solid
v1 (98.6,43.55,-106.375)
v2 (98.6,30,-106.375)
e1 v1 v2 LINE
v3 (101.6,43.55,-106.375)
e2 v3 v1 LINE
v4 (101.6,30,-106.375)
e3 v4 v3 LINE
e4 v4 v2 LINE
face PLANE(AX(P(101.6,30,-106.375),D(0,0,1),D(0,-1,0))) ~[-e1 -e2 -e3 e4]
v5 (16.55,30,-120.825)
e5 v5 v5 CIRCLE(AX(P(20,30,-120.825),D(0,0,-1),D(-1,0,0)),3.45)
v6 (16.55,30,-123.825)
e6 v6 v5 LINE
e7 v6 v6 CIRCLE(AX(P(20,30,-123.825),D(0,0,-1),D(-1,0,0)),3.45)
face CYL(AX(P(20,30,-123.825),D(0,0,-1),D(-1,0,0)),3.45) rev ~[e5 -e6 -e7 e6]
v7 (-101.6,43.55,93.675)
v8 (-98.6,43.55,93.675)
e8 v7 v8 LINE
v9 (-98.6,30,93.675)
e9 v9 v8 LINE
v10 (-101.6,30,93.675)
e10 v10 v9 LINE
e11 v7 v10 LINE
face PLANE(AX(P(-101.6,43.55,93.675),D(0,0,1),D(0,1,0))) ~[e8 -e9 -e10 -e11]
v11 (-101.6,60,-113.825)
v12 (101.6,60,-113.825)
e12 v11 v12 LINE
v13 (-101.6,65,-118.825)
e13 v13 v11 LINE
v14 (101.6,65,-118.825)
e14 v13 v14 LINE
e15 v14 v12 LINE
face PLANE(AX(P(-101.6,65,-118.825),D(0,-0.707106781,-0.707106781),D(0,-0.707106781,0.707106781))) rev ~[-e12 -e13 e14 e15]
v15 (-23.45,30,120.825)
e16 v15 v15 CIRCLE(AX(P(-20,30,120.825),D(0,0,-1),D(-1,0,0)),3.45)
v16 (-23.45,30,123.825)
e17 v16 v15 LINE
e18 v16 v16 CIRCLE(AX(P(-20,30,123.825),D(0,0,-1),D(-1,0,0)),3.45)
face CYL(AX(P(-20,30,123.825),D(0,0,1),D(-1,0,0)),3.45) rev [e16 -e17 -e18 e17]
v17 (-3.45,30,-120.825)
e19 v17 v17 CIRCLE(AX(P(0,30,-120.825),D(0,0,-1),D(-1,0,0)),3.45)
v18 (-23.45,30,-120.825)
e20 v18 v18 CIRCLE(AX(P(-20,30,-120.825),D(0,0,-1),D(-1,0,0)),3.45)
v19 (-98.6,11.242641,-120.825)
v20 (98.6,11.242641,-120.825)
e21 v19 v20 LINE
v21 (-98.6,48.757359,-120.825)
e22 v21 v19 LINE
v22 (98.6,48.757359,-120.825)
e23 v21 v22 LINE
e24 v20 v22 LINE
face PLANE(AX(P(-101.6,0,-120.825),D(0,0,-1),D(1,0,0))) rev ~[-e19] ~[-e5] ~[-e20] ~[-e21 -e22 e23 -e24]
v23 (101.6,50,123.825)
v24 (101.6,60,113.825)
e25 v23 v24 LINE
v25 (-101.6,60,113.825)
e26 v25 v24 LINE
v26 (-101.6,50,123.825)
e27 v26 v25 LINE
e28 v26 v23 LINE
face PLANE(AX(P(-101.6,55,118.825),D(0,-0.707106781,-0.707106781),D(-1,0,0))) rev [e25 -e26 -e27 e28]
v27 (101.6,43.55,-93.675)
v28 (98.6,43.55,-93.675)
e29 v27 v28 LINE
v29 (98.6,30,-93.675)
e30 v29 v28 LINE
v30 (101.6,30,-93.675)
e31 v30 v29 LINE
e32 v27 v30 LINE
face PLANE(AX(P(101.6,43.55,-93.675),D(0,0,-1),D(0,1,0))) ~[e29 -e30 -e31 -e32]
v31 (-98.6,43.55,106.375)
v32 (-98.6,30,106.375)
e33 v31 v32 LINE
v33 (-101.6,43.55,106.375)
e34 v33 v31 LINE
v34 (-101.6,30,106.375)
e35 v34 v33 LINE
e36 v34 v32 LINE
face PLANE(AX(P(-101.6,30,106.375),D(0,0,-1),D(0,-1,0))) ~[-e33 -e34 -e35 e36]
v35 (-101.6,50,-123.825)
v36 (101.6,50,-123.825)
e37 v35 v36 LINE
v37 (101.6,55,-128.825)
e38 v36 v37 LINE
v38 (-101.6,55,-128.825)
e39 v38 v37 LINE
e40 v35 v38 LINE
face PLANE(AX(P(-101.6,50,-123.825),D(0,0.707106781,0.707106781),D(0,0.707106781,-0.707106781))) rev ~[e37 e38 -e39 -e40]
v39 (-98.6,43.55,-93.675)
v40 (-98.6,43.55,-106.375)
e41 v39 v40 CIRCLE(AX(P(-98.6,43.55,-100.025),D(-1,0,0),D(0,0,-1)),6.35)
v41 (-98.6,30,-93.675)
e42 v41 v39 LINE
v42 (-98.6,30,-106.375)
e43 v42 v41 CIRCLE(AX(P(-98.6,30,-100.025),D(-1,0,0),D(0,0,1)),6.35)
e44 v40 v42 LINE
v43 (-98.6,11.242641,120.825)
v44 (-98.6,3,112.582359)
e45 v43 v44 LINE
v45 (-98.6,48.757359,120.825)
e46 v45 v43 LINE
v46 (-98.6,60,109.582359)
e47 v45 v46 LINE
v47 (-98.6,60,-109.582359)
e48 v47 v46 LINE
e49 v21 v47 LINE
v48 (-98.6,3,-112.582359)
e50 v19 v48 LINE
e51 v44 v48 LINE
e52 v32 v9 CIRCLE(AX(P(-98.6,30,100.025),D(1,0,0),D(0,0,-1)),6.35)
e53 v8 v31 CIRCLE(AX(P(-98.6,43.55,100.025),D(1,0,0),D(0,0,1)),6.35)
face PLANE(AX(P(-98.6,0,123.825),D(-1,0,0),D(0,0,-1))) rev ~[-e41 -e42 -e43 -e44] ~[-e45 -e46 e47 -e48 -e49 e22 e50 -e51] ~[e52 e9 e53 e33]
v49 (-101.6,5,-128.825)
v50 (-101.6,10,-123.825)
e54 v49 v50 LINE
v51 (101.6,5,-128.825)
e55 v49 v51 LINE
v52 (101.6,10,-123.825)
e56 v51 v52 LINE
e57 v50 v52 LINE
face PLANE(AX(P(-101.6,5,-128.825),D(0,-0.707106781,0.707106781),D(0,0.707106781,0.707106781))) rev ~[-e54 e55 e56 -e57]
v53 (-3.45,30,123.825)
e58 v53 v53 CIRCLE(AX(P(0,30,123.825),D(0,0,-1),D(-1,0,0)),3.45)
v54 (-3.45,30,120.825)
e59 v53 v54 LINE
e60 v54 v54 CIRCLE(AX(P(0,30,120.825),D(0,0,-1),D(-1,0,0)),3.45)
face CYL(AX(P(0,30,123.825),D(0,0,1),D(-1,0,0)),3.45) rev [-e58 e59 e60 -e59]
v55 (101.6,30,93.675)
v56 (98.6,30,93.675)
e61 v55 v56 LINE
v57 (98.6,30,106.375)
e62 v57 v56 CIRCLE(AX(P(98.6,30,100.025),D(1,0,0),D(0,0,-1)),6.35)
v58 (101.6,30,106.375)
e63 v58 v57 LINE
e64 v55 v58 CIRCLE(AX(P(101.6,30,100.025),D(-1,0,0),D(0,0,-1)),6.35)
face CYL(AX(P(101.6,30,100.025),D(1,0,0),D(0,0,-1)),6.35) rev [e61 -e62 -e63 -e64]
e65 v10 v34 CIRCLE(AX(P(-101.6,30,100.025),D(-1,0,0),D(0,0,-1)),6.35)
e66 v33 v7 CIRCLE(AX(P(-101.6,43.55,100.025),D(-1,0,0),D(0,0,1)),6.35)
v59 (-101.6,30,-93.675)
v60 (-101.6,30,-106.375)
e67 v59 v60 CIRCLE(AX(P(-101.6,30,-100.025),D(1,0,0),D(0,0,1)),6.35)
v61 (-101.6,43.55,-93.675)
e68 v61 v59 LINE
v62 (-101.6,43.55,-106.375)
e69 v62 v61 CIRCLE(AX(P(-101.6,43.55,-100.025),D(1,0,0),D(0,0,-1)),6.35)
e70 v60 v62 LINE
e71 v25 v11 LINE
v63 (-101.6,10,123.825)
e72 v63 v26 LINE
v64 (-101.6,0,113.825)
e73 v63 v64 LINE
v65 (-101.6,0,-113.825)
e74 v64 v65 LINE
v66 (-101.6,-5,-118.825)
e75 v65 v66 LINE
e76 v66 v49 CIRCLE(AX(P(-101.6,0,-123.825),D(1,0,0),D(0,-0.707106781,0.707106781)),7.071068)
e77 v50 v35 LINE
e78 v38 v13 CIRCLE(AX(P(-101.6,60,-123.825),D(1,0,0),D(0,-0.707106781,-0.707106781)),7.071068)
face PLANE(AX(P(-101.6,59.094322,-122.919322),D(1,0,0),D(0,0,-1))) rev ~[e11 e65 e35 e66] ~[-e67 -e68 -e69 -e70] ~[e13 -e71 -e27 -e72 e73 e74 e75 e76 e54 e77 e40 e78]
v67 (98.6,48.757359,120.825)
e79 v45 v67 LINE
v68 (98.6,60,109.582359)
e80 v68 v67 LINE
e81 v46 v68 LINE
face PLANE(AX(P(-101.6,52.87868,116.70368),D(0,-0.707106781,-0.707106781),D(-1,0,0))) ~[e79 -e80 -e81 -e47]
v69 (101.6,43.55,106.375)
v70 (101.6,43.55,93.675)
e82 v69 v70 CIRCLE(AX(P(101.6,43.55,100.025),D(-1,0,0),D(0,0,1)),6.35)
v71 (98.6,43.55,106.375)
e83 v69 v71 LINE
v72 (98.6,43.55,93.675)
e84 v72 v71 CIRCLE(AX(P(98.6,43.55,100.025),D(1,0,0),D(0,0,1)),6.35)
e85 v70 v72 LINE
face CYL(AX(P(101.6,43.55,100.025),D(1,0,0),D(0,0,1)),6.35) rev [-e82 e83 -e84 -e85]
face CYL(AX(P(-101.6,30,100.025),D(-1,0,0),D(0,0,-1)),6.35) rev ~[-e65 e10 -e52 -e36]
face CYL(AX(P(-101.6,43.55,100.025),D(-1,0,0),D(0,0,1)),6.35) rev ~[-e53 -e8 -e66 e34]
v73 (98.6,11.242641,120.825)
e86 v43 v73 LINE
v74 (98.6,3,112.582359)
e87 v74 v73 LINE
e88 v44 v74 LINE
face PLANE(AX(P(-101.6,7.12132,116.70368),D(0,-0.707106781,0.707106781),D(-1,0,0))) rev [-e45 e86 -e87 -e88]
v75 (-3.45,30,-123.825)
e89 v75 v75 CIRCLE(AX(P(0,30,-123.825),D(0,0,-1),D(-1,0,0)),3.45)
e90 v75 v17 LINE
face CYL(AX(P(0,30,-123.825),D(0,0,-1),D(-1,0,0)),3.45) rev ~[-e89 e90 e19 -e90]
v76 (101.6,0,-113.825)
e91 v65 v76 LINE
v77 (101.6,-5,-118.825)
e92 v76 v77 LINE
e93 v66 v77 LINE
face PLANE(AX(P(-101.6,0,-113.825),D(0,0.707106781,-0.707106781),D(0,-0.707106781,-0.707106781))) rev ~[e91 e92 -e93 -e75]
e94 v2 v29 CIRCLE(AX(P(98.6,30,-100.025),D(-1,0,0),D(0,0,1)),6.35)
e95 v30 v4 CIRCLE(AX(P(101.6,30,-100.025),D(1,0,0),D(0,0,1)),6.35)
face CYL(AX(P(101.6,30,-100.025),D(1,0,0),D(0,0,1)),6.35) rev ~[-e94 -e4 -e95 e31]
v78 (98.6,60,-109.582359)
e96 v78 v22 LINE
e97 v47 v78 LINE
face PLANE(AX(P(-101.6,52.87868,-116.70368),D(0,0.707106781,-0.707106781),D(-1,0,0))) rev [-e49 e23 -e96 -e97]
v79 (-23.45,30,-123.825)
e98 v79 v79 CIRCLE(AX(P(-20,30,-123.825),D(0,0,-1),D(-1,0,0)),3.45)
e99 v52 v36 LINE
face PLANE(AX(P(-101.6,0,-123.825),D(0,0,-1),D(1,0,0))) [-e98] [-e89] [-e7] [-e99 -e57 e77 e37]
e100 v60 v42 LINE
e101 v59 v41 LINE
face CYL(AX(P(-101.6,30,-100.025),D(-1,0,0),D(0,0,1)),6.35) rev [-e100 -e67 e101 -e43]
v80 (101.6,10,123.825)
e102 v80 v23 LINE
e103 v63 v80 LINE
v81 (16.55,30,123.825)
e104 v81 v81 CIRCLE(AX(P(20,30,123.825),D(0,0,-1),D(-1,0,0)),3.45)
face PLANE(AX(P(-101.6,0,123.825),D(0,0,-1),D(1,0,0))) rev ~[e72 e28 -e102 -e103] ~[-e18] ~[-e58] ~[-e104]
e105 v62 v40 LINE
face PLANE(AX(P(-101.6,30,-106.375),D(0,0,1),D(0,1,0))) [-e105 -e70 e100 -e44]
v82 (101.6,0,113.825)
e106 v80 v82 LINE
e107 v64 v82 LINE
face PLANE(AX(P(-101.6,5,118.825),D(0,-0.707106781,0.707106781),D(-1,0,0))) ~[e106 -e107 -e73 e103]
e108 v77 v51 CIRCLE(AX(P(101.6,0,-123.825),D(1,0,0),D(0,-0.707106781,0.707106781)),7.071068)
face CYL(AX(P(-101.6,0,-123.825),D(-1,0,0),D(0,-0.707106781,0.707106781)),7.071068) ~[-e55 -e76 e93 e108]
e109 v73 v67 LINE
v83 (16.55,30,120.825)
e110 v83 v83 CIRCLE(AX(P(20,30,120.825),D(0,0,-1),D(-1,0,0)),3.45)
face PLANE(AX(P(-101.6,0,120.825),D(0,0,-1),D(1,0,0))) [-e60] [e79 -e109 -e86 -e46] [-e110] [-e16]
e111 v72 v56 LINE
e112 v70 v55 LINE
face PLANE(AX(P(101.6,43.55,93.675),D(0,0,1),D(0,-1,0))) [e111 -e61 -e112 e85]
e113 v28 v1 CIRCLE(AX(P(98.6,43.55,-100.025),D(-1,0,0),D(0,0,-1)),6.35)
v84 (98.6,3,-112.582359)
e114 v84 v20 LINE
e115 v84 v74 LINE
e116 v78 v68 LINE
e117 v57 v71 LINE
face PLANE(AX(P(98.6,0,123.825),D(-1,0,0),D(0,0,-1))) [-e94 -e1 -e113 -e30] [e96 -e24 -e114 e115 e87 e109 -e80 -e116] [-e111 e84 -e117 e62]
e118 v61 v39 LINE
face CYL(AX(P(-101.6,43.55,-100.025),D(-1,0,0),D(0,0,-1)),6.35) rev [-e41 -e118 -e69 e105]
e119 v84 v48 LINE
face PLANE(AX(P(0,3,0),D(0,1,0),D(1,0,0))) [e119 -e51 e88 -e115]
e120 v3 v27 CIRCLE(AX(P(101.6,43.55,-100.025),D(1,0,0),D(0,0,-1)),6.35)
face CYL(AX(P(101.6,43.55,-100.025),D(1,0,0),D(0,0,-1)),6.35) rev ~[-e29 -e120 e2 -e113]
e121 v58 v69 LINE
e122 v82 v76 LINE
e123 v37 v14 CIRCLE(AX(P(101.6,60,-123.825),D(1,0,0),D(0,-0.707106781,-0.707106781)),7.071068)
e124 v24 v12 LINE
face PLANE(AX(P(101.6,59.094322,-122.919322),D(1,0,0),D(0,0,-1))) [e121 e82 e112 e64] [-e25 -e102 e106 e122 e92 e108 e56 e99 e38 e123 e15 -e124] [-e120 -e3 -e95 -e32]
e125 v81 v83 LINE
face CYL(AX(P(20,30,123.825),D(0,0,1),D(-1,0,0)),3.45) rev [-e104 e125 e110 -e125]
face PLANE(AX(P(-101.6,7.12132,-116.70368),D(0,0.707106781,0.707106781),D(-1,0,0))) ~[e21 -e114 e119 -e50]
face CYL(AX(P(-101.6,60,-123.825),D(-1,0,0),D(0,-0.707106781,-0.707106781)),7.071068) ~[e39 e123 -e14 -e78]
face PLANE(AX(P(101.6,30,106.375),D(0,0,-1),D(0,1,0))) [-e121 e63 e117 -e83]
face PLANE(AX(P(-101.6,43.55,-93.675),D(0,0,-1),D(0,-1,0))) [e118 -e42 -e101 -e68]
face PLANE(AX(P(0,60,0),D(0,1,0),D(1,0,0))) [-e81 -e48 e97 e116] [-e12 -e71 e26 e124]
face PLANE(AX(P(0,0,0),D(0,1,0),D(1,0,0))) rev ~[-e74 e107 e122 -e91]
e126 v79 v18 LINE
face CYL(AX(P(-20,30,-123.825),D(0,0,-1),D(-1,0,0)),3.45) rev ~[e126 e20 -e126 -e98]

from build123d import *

# Parameters (mm, degrees)
SKETCH1_W                                = 203.2
SKETCH1_H                                = 247.65
BOSS_EXTRUDE1_DEPTH                      = 60
CHAMFER1_SIZE                            = 10
SHELL3_T                                 = -3
CUT_EXTRUDE1_REACH                       = 247.403
MIRROR1_AT_THE_SECOND_PLANE_COPY_1_REACH = 247.403
CUT_EXTRUDE2_REACH                       = 276.323
SKETCH3_R                                = 3.45
BOSS_EXTRUDE2_DEPTH                      = 203.2


with BuildPart() as part:
    # Sketch1 → Boss-Extrude1 (new body)
    with BuildSketch(Plane(origin=(0, 0, 0), x_dir=(1, 0, 0), z_dir=(0, 1, 0))):
        Rectangle(SKETCH1_W, SKETCH1_H)
    extrude(amount=BOSS_EXTRUDE1_DEPTH)

    # Chamfer1
    chamfer1_edges = [part.edges().sort_by_distance(p)[0] for p in [
        (0, 60, 123.825),
        (0, 0, 123.825),
        (0, 0, -123.825),
        (0, 60, -123.825),
    ]]
    chamfer(chamfer1_edges, length=CHAMFER1_SIZE)

    # Shell3
    shell3_openings = [part.faces().sort_by_distance(p)[0] for p in [
        (0, 60, 0),
    ]]
    offset(amount=SHELL3_T, openings=shell3_openings, kind=Kind.INTERSECTION)

    # Sketch2 → Cut-Extrude1 (cut, up to next)
    with BuildSketch(Plane.ZY.offset(101.6), mode=Mode.PRIVATE) as cut_extrude1_sk1:
        with BuildLine():
            Line((-93.675, 43.55), (-93.675, 30))
            ThreePointArc((-93.675, 30), (-100.025, 23.65), (-106.375, 30))
            Line((-106.375, 30), (-106.375, 43.55))
            ThreePointArc((-106.375, 43.55), (-100.025, 49.9), (-93.675, 43.55))
        make_face()
    cut_extrude1_tool1 = extrude(cut_extrude1_sk1.sketch, amount=-CUT_EXTRUDE1_REACH, mode=Mode.PRIVATE) & part.part
    cut_extrude1 = cut_extrude1_tool1.solids().sort_by_distance((-101.6, 36.775, -100.025))[0]
    add(cut_extrude1, mode=Mode.SUBTRACT)

    # Mirror1: Cut-Extrude1 across plane
    add(cut_extrude1.mirror(Plane.XY), mode=Mode.SUBTRACT)

    # Mirror1 at the second plane: Cut-Extrude1 across plane
    add(cut_extrude1.mirror(Plane(origin=(0, 0, 0), x_dir=(0, 0, 1), z_dir=(1, 0, 0))), mode=Mode.SUBTRACT)

    # Mirror1 at the second plane copy 1 sketc → Mirror1 at the second plane copy 1 (cut, up to next)
    with BuildSketch(Plane(origin=(101.6, 0, 0), x_dir=(0, 0, -1), z_dir=(1, 0, 0)), mode=Mode.PRIVATE) as mirror1_at_the_second_plane_copy_1_sk1:
        with BuildLine():
            Line((-93.675, 43.55), (-93.675, 30))
            ThreePointArc((-93.675, 30), (-100.025, 23.65), (-106.375, 30))
            Line((-106.375, 30), (-106.375, 43.55))
            ThreePointArc((-106.375, 43.55), (-100.025, 49.9), (-93.675, 43.55))
        make_face()
    mirror1_at_the_second_plane_copy_1_tool1 = extrude(mirror1_at_the_second_plane_copy_1_sk1.sketch, amount=-MIRROR1_AT_THE_SECOND_PLANE_COPY_1_REACH, mode=Mode.PRIVATE) & part.part
    add(mirror1_at_the_second_plane_copy_1_tool1.solids().sort_by_distance((101.6, 36.775, 100.025))[0], mode=Mode.SUBTRACT)

    # Sketch3 → Cut-Extrude2 (cut, up to next)
    with BuildSketch(Plane(origin=(0, 0, -123.825), x_dir=(-1, 0, 0), z_dir=(0, 0, -1)), mode=Mode.PRIVATE) as cut_extrude2_sk1:
        with Locations((0, 30)):
            Circle(SKETCH3_R)
    cut_extrude2_tool1 = extrude(cut_extrude2_sk1.sketch, amount=-CUT_EXTRUDE2_REACH, mode=Mode.PRIVATE) & part.part
    # Sketch3 → Cut-Extrude2 (cut, up to next)
    with BuildSketch(Plane(origin=(0, 0, -123.825), x_dir=(-1, 0, 0), z_dir=(0, 0, -1)), mode=Mode.PRIVATE) as cut_extrude2_sk2:
        with Locations((20, 30)):
            Circle(SKETCH3_R)
    cut_extrude2_tool2 = extrude(cut_extrude2_sk2.sketch, amount=-CUT_EXTRUDE2_REACH, mode=Mode.PRIVATE) & part.part
    # Sketch3 → Cut-Extrude2 (cut, up to next)
    with BuildSketch(Plane(origin=(0, 0, -123.825), x_dir=(-1, 0, 0), z_dir=(0, 0, -1)), mode=Mode.PRIVATE) as cut_extrude2_sk3:
        with Locations((-20, 30)):
            Circle(SKETCH3_R)
    cut_extrude2_tool3 = extrude(cut_extrude2_sk3.sketch, amount=-CUT_EXTRUDE2_REACH, mode=Mode.PRIVATE) & part.part
    cut_extrude2_1 = cut_extrude2_tool1.solids().sort_by_distance((0, 30, -123.825))[0]
    add(cut_extrude2_1, mode=Mode.SUBTRACT)
    cut_extrude2_2 = cut_extrude2_tool2.solids().sort_by_distance((-20, 30, -123.825))[0]
    add(cut_extrude2_2, mode=Mode.SUBTRACT)
    cut_extrude2_3 = cut_extrude2_tool3.solids().sort_by_distance((20, 30, -123.825))[0]
    add(cut_extrude2_3, mode=Mode.SUBTRACT)
    cut_extrude2 = cut_extrude2_1 + cut_extrude2_2 + cut_extrude2_3  # Cut-Extrude2 as one shape, for the pattern or mirror that repeats it

    # Mirror2: Cut-Extrude2 across plane
    add(cut_extrude2.mirror(Plane.XY), mode=Mode.SUBTRACT)

    # Sketch4 → Boss-Extrude2 (add)
    with BuildSketch(Plane.ZY.offset(101.6)):
        with BuildLine():
            Line((-123.825, 50), (-128.825, 55))
            ThreePointArc((-128.825, 55), (-128.825, 65), (-118.825, 65))
            Line((-118.825, 65), (-113.825, 60))
            Line((-113.825, 60), (-123.825, 50))
        make_face()
        with BuildLine():
            Line((-123.825, 10), (-113.825, 0))
            Line((-113.825, 0), (-118.825, -5))
            ThreePointArc((-118.825, -5), (-128.825, -5), (-128.825, 5))
            Line((-128.825, 5), (-123.825, 10))
        make_face()
    extrude(amount=-BOSS_EXTRUDE2_DEPTH)


solid = part.part
